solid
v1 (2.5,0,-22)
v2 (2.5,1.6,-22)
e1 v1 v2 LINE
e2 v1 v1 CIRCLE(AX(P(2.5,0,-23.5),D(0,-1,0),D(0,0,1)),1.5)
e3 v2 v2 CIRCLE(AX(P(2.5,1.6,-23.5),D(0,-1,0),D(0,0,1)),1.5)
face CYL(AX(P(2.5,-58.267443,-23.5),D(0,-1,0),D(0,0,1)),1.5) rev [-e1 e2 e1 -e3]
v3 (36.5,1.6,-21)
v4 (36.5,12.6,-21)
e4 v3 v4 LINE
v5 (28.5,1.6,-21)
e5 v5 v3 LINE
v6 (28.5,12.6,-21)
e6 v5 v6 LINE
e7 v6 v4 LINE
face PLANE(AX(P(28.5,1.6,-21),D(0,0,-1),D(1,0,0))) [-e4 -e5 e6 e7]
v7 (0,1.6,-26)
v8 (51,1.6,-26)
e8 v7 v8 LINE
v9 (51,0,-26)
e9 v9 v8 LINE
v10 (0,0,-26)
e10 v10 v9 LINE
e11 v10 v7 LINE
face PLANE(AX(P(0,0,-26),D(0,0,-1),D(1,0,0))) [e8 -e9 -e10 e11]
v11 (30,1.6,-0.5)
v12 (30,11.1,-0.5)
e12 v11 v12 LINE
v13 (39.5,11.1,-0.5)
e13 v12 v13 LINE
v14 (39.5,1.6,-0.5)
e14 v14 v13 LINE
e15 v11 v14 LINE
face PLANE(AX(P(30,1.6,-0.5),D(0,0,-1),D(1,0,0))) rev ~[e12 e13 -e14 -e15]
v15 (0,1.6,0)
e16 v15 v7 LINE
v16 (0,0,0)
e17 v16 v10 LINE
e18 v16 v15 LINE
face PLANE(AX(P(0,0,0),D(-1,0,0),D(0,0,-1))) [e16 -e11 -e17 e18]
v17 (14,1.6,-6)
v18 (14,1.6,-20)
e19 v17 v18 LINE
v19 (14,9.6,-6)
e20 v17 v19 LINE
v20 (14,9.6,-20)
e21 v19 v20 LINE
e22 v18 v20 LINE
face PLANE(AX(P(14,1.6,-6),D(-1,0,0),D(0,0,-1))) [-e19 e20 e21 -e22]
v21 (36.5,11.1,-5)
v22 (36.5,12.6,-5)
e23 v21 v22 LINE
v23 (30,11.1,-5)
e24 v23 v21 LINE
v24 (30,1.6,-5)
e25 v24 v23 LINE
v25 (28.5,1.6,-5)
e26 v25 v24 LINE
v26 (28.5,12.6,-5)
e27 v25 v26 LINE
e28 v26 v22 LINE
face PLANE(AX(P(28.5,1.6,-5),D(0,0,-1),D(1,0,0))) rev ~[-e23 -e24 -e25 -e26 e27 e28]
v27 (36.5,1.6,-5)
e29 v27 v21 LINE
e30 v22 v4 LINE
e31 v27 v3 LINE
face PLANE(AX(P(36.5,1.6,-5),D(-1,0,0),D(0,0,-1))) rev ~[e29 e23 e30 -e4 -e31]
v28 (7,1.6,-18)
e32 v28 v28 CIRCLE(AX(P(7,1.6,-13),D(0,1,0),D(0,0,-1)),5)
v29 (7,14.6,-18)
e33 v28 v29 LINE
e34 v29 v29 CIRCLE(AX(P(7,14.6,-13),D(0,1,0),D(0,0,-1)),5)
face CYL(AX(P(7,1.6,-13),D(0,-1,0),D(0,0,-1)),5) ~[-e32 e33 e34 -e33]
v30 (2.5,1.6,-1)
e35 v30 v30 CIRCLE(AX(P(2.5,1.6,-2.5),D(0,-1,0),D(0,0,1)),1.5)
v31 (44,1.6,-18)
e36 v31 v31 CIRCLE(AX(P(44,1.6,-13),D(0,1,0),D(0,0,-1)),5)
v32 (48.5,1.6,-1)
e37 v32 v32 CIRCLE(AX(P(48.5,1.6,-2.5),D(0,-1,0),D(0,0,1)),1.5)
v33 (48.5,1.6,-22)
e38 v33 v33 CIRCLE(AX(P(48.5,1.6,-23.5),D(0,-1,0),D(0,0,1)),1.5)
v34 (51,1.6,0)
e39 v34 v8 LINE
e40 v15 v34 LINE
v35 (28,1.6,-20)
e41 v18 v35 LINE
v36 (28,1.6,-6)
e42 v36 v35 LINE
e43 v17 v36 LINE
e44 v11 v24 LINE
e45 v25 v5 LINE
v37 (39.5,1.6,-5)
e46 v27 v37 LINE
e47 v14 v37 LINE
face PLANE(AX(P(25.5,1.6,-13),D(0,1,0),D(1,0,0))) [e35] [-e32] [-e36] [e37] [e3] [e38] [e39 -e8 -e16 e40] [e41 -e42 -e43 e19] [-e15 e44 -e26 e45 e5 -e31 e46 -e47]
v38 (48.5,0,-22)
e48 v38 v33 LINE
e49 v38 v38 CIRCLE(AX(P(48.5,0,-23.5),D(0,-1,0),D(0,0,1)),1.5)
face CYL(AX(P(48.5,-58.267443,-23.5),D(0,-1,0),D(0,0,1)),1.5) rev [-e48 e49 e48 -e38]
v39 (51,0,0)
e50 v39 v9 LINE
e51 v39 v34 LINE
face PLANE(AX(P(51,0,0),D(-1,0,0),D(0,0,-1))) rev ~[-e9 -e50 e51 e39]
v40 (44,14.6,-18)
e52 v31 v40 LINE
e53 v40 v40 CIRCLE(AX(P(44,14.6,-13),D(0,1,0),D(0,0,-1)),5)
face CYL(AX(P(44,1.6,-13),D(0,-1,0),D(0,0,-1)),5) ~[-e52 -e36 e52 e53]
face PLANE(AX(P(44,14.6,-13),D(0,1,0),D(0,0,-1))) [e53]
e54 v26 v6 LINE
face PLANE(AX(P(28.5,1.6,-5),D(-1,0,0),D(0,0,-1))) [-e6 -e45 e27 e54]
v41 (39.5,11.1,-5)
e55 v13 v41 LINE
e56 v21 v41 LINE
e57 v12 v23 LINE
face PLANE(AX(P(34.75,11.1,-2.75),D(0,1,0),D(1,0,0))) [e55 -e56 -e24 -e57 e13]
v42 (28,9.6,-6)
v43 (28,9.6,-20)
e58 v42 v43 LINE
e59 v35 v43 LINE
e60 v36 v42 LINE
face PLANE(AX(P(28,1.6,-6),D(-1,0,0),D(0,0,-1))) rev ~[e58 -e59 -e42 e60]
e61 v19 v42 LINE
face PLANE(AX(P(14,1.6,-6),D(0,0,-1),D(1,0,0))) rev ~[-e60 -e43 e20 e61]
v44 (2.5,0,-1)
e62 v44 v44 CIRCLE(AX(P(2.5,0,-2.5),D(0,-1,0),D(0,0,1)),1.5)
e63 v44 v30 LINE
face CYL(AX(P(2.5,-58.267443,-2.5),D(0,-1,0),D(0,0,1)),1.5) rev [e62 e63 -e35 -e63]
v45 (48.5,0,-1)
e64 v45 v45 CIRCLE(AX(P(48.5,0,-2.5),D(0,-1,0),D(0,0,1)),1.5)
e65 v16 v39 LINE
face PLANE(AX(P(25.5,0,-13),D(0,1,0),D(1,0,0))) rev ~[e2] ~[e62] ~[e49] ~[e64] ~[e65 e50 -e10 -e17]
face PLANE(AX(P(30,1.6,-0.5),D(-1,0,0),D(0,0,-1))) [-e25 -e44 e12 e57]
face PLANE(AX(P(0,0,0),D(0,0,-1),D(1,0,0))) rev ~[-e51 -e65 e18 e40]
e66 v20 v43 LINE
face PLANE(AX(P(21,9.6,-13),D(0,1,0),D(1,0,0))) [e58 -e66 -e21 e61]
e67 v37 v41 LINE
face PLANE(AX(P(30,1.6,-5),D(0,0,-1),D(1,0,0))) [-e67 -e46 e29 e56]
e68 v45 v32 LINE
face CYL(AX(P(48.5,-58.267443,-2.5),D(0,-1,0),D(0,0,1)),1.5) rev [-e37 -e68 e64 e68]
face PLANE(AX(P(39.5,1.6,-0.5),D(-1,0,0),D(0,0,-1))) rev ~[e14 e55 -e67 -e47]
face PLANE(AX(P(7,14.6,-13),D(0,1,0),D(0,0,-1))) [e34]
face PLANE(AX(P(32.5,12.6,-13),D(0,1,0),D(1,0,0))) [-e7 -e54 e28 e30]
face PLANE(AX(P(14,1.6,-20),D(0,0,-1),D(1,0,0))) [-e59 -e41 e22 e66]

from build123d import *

# Parameters (mm, degrees)
SKETCH1_W               = 51
SKETCH1_H               = 26
PCB_DEPTH               = 1.6
MOUNT_HOLE_1_DEPTH      = 58.267442758
MOUNT_HOLE_1_DEPTH_BACK = 58.267442758
SKETCH2_R               = 1.5
MOUNT_HOLE_2_DEPTH      = 58.267442758
MOUNT_HOLE_2_DEPTH_BACK = 58.267442758
SKETCH3_R               = 1.5
MOUNT_HOLE_3_DEPTH      = 58.267442758
MOUNT_HOLE_3_DEPTH_BACK = 58.267442758
SKETCH4_R               = 1.5
MOUNT_HOLE_4_DEPTH      = 58.267442758
MOUNT_HOLE_4_DEPTH_BACK = 58.267442758
SKETCH5_R               = 1.5
INDUCTOR_START          = 1.6
SKETCH6_W               = 14
SKETCH6_H               = 14
INDUCTOR_DEPTH          = 8
CAP_IN_START            = 1.6
SKETCH7_R               = 5
CAP_IN_DEPTH            = 13
CAP_OUT_START           = 1.6
SKETCH8_R               = 5
CAP_OUT_DEPTH           = 13
HEATSINK_START          = 1.6
SKETCH9_W               = 8
SKETCH9_H               = 16
HEATSINK_DEPTH          = 11
TRIM_POT_START          = 1.6
SKETCH10_W              = 9.5
SKETCH10_H              = 4.5
TRIM_POT_DEPTH          = 9.5


with BuildPart() as part:
    # Sketch1 → PCB (new body)
    with BuildSketch(Plane(origin=(0, 0, 0), x_dir=(1, 0, 0), z_dir=(0, 1, 0))):
        with Locations((25.5, 13)):
            Rectangle(SKETCH1_W, SKETCH1_H)
    extrude(amount=PCB_DEPTH)

    # Sketch2 → Mount_hole_1 (cut, two sides: drawn at the far end of the back side and taken through both)
    with BuildSketch(Plane(origin=(0, 0, 0), x_dir=(1, 0, 0), z_dir=(0, 1, 0)).offset(-MOUNT_HOLE_1_DEPTH_BACK)):
        with Locations(Location((2.5, 2.5, 0), (0, 0, 270))):
            Circle(SKETCH2_R)
    extrude(amount=MOUNT_HOLE_1_DEPTH + MOUNT_HOLE_1_DEPTH_BACK, mode=Mode.SUBTRACT)

    # Sketch3 → Mount_hole_2 (cut, two sides: drawn at the far end of the back side and taken through both)
    with BuildSketch(Plane(origin=(0, 0, 0), x_dir=(1, 0, 0), z_dir=(0, 1, 0)).offset(-MOUNT_HOLE_2_DEPTH_BACK)):
        with Locations(Location((48.5, 2.5, 0), (0, 0, 270))):
            Circle(SKETCH3_R)
    extrude(amount=MOUNT_HOLE_2_DEPTH + MOUNT_HOLE_2_DEPTH_BACK, mode=Mode.SUBTRACT)

    # Sketch4 → Mount_hole_3 (cut, two sides: drawn at the far end of the back side and taken through both)
    with BuildSketch(Plane(origin=(0, 0, 0), x_dir=(1, 0, 0), z_dir=(0, 1, 0)).offset(-MOUNT_HOLE_3_DEPTH_BACK)):
        with Locations(Location((2.5, 23.5, 0), (0, 0, 270))):
            Circle(SKETCH4_R)
    extrude(amount=MOUNT_HOLE_3_DEPTH + MOUNT_HOLE_3_DEPTH_BACK, mode=Mode.SUBTRACT)

    # Sketch5 → Mount_hole_4 (cut, two sides: drawn at the far end of the back side and taken through both)
    with BuildSketch(Plane(origin=(0, 0, 0), x_dir=(1, 0, 0), z_dir=(0, 1, 0)).offset(-MOUNT_HOLE_4_DEPTH_BACK)):
        with Locations(Location((48.5, 23.5, 0), (0, 0, 270))):
            Circle(SKETCH5_R)
    extrude(amount=MOUNT_HOLE_4_DEPTH + MOUNT_HOLE_4_DEPTH_BACK, mode=Mode.SUBTRACT)

    # Sketch6 → Inductor (add)
    with BuildSketch(Plane(origin=(0, 0, 0), x_dir=(1, 0, 0), z_dir=(0, 1, 0)).offset(INDUCTOR_START)):
        with Locations((21, 13)):
            Rectangle(SKETCH6_W, SKETCH6_H)
    extrude(amount=INDUCTOR_DEPTH)

    # Sketch7 → Cap_in (add)
    with BuildSketch(Plane(origin=(0, 0, 0), x_dir=(1, 0, 0), z_dir=(0, 1, 0)).offset(CAP_IN_START)):
        with Locations(Location((7, 13, 0), (0, 0, 90))):
            Circle(SKETCH7_R)
    extrude(amount=CAP_IN_DEPTH)

    # Sketch8 → Cap_out (add)
    with BuildSketch(Plane(origin=(0, 0, 0), x_dir=(1, 0, 0), z_dir=(0, 1, 0)).offset(CAP_OUT_START)):
        with Locations(Location((44, 13, 0), (0, 0, 90))):
            Circle(SKETCH8_R)
    extrude(amount=CAP_OUT_DEPTH)

    # Sketch9 → Heatsink (add)
    with BuildSketch(Plane(origin=(0, 0, 0), x_dir=(1, 0, 0), z_dir=(0, 1, 0)).offset(HEATSINK_START)):
        with Locations((32.5, 13)):
            Rectangle(SKETCH9_W, SKETCH9_H)
    extrude(amount=HEATSINK_DEPTH)

    # Sketch10 → Trim_pot (add)
    with BuildSketch(Plane(origin=(0, 0, 0), x_dir=(1, 0, 0), z_dir=(0, 1, 0)).offset(TRIM_POT_START)):
        with Locations((34.75, 2.75)):
            Rectangle(SKETCH10_W, SKETCH10_H)
    extrude(amount=TRIM_POT_DEPTH)


solid = part.part
